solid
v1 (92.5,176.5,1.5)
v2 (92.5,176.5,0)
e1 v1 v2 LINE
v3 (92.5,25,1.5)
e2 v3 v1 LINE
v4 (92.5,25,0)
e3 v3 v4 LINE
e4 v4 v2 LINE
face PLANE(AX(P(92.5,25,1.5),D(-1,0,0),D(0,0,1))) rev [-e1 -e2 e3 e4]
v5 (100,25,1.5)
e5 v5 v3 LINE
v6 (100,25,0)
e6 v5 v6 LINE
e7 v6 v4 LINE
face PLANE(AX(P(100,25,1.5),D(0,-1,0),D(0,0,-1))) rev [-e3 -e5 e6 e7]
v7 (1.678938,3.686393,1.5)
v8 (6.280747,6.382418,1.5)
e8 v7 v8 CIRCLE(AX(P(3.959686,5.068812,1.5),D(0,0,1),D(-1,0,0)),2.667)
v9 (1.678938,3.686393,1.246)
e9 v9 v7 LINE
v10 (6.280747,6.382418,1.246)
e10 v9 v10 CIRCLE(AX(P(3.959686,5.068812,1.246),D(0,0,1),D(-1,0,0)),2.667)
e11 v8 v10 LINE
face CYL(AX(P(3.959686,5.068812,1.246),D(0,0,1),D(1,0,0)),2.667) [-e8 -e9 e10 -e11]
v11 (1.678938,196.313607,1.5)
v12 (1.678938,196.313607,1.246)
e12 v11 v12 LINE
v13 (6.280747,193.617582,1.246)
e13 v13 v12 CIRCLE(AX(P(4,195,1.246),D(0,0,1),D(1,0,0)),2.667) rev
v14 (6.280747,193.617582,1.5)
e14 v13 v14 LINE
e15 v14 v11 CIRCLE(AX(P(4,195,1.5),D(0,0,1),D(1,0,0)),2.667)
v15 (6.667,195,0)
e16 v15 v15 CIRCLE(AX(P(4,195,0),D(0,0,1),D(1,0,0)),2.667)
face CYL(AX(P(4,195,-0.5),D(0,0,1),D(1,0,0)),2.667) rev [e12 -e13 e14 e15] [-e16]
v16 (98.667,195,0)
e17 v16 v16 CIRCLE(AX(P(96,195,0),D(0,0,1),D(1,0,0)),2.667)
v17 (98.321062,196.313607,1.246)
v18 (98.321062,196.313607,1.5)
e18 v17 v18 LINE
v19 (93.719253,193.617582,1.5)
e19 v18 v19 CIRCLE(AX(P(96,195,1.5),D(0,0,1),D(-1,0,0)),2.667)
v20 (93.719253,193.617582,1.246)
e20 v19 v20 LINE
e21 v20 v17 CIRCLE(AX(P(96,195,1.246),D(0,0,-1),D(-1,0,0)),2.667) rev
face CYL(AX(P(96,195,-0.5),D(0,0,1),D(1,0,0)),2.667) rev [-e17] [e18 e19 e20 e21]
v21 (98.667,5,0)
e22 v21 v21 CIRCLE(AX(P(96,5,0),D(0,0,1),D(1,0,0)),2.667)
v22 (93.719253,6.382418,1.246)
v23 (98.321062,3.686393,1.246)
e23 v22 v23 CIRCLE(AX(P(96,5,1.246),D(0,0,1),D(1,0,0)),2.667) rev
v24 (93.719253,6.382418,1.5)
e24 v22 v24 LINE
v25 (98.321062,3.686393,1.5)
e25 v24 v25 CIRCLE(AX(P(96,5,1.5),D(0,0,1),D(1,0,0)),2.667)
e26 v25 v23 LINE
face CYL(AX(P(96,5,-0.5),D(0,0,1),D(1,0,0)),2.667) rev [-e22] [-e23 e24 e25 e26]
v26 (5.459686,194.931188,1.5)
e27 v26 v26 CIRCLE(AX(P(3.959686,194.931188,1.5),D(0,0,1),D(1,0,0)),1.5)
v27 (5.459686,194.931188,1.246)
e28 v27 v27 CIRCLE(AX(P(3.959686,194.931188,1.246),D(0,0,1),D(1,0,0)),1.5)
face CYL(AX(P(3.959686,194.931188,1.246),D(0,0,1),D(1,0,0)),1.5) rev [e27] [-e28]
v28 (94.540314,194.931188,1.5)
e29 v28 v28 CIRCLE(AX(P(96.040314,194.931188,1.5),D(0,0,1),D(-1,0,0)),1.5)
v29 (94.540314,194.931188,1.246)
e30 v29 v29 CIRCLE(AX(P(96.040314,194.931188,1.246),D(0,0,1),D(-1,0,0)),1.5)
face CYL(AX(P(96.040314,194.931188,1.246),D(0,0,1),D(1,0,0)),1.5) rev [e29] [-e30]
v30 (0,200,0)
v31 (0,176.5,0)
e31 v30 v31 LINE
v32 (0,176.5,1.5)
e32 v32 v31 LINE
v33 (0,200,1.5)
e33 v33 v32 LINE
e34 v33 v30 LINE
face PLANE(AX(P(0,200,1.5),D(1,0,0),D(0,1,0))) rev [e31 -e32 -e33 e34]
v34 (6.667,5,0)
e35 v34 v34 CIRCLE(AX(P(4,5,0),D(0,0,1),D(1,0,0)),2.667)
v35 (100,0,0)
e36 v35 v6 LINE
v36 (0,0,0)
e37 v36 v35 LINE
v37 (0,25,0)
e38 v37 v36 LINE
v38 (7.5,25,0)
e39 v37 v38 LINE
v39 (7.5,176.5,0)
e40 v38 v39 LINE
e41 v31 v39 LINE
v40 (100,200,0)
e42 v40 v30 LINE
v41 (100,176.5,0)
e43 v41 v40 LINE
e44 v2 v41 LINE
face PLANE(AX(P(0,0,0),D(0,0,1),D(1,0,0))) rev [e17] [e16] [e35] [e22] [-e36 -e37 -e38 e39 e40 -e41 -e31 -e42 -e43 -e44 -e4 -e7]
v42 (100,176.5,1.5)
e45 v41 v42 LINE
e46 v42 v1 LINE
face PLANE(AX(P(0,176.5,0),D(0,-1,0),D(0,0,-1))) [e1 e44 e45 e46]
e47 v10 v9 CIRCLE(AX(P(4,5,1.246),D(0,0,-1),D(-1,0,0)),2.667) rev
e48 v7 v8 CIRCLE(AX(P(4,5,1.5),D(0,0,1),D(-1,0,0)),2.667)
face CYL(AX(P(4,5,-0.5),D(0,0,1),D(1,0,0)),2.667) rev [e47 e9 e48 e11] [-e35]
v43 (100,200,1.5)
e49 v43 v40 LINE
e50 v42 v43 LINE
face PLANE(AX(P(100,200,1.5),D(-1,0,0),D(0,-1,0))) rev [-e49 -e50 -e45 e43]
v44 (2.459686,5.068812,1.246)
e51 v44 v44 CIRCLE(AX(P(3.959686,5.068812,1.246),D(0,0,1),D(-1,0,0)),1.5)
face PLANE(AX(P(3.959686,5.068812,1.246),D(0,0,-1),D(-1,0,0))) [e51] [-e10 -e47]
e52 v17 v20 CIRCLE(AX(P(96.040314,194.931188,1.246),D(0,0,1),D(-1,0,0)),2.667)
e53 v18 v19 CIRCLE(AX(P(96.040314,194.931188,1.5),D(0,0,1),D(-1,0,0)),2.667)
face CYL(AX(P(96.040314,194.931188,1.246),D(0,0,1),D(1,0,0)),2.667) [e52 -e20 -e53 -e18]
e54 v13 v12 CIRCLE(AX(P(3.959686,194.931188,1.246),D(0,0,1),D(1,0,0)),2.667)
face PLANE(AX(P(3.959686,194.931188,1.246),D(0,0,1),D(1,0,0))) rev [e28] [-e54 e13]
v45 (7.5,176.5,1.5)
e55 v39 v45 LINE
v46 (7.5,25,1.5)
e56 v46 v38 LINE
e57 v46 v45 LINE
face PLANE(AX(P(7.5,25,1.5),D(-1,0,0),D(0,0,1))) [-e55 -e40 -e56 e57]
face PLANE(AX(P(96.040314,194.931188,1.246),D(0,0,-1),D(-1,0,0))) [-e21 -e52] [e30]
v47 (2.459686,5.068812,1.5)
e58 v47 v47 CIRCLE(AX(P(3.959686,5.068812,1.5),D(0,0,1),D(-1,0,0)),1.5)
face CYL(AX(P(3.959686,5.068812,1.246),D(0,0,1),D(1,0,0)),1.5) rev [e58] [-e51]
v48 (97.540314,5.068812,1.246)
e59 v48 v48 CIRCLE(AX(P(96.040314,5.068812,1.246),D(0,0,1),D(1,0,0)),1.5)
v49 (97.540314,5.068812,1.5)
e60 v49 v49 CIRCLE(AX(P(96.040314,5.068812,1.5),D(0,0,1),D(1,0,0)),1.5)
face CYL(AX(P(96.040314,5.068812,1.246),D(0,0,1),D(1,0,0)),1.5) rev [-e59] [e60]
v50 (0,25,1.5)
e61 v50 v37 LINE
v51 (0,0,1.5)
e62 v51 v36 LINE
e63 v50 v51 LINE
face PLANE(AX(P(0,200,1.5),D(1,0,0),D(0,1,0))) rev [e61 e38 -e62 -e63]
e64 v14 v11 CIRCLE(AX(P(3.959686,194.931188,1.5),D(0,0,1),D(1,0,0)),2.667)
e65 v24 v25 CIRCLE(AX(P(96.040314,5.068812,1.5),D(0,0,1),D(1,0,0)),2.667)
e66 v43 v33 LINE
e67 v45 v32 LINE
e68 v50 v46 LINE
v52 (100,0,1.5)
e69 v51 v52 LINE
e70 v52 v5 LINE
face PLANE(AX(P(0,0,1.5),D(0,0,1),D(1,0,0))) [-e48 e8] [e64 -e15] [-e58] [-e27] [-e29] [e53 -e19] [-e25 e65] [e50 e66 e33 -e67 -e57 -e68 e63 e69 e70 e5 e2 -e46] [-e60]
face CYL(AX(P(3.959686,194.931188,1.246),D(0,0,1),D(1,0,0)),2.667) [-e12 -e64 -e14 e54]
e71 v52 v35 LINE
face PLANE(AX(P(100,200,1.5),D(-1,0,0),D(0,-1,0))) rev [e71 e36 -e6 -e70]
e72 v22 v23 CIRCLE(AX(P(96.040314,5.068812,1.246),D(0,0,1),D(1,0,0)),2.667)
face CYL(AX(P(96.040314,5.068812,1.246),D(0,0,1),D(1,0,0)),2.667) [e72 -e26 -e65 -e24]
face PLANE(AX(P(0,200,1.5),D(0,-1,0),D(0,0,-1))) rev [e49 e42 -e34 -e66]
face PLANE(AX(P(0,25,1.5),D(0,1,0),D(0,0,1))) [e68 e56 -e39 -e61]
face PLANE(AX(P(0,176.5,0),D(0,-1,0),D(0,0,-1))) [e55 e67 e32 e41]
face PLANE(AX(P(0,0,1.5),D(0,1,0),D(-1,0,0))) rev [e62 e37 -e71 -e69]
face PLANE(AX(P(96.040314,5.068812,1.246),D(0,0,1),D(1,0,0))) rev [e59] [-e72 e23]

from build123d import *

# Parameters (mm, degrees)
SKETCH2_W           = 100
SKETCH2_H           = 200
BOSS_EXTRUDE1_DEPTH = 1.5
SKETCH4_R           = 2.667
CUT_EXTRUDE1_DEPTH  = 2
SKETCH5_R           = 2.667
SKETCH5_R_2         = 1.5
BOSS_EXTRUDE2_DEPTH = 0.254
SKETCH6_W           = 7.5
SKETCH6_H           = 150
CUT_EXTRUDE2_DEPTH  = 1.5
SKETCH7_W           = 7.5
SKETCH7_H           = 1.5
CUT_EXTRUDE3_DEPTH  = 1.5


with BuildPart() as part:
    # Sketch2 → Boss-Extrude1 (new body)
    with BuildSketch(Plane.XY):
        with Locations((50, 100)):
            Rectangle(SKETCH2_W, SKETCH2_H)
    extrude(amount=BOSS_EXTRUDE1_DEPTH)

    # Sketch4 → Cut-Extrude1 (cut)
    with BuildSketch(Plane.XY.offset(1.5)):
        with Locations((4, 195)):
            Circle(SKETCH4_R)
        with Locations((96, 195)):
            Circle(SKETCH4_R)
        with Locations((96, 5)):
            Circle(SKETCH4_R)
        with Locations((4, 5)):
            Circle(SKETCH4_R)
    extrude(amount=-CUT_EXTRUDE1_DEPTH, mode=Mode.SUBTRACT)

    # Sketch5 → Boss-Extrude2 (add)
    # profile 1 of 4: a face of its own
    with BuildSketch(Plane.XY.offset(1.5)):
        with Locations((3.959685834, 5.068811707)):
            Circle(SKETCH5_R)
        with Locations(Location((3.959685834, 5.068811707, 0), (0, 0, 180))):
            Circle(SKETCH5_R_2, mode=Mode.SUBTRACT)
    # profile 2 of 4: a face of its own
    with BuildSketch(Plane.XY.offset(1.5)):
        with Locations((3.959685834, 194.931188293)):
            Circle(SKETCH5_R)
        with Locations((3.959685834, 194.931188293)):
            Circle(SKETCH5_R_2, mode=Mode.SUBTRACT)
    # profile 3 of 4: a face of its own
    with BuildSketch(Plane.XY.offset(1.5)):
        with Locations((96.040314166, 5.068811707)):
            Circle(SKETCH5_R)
        with Locations((96.040314166, 5.068811707)):
            Circle(SKETCH5_R_2, mode=Mode.SUBTRACT)
    # profile 4 of 4: a face of its own
    with BuildSketch(Plane.XY.offset(1.5)):
        with Locations((96.040314166, 194.931188293)):
            Circle(SKETCH5_R)
        with Locations(Location((96.040314166, 194.931188293, 0), (0, 0, 180))):
            Circle(SKETCH5_R_2, mode=Mode.SUBTRACT)
    extrude(amount=-BOSS_EXTRUDE2_DEPTH)

    # Sketch6 → Cut-Extrude2 (cut)
    with BuildSketch(Plane.XY):
        with Locations((3.75, 100)):
            Rectangle(SKETCH6_W, SKETCH6_H)
        with Locations((96.25, 100)):
            Rectangle(SKETCH6_W, SKETCH6_H)
    extrude(amount=CUT_EXTRUDE2_DEPTH, mode=Mode.SUBTRACT)

    # Sketch7 → Cut-Extrude3 (cut)
    with BuildSketch(Plane.XZ.offset(-175)):
        with Locations((3.75, 0.75)):
            Rectangle(SKETCH7_W, SKETCH7_H)
        with Locations((96.25, 0.75)):
            Rectangle(SKETCH7_W, SKETCH7_H)
    extrude(amount=-CUT_EXTRUDE3_DEPTH, mode=Mode.SUBTRACT)


solid = part.part
